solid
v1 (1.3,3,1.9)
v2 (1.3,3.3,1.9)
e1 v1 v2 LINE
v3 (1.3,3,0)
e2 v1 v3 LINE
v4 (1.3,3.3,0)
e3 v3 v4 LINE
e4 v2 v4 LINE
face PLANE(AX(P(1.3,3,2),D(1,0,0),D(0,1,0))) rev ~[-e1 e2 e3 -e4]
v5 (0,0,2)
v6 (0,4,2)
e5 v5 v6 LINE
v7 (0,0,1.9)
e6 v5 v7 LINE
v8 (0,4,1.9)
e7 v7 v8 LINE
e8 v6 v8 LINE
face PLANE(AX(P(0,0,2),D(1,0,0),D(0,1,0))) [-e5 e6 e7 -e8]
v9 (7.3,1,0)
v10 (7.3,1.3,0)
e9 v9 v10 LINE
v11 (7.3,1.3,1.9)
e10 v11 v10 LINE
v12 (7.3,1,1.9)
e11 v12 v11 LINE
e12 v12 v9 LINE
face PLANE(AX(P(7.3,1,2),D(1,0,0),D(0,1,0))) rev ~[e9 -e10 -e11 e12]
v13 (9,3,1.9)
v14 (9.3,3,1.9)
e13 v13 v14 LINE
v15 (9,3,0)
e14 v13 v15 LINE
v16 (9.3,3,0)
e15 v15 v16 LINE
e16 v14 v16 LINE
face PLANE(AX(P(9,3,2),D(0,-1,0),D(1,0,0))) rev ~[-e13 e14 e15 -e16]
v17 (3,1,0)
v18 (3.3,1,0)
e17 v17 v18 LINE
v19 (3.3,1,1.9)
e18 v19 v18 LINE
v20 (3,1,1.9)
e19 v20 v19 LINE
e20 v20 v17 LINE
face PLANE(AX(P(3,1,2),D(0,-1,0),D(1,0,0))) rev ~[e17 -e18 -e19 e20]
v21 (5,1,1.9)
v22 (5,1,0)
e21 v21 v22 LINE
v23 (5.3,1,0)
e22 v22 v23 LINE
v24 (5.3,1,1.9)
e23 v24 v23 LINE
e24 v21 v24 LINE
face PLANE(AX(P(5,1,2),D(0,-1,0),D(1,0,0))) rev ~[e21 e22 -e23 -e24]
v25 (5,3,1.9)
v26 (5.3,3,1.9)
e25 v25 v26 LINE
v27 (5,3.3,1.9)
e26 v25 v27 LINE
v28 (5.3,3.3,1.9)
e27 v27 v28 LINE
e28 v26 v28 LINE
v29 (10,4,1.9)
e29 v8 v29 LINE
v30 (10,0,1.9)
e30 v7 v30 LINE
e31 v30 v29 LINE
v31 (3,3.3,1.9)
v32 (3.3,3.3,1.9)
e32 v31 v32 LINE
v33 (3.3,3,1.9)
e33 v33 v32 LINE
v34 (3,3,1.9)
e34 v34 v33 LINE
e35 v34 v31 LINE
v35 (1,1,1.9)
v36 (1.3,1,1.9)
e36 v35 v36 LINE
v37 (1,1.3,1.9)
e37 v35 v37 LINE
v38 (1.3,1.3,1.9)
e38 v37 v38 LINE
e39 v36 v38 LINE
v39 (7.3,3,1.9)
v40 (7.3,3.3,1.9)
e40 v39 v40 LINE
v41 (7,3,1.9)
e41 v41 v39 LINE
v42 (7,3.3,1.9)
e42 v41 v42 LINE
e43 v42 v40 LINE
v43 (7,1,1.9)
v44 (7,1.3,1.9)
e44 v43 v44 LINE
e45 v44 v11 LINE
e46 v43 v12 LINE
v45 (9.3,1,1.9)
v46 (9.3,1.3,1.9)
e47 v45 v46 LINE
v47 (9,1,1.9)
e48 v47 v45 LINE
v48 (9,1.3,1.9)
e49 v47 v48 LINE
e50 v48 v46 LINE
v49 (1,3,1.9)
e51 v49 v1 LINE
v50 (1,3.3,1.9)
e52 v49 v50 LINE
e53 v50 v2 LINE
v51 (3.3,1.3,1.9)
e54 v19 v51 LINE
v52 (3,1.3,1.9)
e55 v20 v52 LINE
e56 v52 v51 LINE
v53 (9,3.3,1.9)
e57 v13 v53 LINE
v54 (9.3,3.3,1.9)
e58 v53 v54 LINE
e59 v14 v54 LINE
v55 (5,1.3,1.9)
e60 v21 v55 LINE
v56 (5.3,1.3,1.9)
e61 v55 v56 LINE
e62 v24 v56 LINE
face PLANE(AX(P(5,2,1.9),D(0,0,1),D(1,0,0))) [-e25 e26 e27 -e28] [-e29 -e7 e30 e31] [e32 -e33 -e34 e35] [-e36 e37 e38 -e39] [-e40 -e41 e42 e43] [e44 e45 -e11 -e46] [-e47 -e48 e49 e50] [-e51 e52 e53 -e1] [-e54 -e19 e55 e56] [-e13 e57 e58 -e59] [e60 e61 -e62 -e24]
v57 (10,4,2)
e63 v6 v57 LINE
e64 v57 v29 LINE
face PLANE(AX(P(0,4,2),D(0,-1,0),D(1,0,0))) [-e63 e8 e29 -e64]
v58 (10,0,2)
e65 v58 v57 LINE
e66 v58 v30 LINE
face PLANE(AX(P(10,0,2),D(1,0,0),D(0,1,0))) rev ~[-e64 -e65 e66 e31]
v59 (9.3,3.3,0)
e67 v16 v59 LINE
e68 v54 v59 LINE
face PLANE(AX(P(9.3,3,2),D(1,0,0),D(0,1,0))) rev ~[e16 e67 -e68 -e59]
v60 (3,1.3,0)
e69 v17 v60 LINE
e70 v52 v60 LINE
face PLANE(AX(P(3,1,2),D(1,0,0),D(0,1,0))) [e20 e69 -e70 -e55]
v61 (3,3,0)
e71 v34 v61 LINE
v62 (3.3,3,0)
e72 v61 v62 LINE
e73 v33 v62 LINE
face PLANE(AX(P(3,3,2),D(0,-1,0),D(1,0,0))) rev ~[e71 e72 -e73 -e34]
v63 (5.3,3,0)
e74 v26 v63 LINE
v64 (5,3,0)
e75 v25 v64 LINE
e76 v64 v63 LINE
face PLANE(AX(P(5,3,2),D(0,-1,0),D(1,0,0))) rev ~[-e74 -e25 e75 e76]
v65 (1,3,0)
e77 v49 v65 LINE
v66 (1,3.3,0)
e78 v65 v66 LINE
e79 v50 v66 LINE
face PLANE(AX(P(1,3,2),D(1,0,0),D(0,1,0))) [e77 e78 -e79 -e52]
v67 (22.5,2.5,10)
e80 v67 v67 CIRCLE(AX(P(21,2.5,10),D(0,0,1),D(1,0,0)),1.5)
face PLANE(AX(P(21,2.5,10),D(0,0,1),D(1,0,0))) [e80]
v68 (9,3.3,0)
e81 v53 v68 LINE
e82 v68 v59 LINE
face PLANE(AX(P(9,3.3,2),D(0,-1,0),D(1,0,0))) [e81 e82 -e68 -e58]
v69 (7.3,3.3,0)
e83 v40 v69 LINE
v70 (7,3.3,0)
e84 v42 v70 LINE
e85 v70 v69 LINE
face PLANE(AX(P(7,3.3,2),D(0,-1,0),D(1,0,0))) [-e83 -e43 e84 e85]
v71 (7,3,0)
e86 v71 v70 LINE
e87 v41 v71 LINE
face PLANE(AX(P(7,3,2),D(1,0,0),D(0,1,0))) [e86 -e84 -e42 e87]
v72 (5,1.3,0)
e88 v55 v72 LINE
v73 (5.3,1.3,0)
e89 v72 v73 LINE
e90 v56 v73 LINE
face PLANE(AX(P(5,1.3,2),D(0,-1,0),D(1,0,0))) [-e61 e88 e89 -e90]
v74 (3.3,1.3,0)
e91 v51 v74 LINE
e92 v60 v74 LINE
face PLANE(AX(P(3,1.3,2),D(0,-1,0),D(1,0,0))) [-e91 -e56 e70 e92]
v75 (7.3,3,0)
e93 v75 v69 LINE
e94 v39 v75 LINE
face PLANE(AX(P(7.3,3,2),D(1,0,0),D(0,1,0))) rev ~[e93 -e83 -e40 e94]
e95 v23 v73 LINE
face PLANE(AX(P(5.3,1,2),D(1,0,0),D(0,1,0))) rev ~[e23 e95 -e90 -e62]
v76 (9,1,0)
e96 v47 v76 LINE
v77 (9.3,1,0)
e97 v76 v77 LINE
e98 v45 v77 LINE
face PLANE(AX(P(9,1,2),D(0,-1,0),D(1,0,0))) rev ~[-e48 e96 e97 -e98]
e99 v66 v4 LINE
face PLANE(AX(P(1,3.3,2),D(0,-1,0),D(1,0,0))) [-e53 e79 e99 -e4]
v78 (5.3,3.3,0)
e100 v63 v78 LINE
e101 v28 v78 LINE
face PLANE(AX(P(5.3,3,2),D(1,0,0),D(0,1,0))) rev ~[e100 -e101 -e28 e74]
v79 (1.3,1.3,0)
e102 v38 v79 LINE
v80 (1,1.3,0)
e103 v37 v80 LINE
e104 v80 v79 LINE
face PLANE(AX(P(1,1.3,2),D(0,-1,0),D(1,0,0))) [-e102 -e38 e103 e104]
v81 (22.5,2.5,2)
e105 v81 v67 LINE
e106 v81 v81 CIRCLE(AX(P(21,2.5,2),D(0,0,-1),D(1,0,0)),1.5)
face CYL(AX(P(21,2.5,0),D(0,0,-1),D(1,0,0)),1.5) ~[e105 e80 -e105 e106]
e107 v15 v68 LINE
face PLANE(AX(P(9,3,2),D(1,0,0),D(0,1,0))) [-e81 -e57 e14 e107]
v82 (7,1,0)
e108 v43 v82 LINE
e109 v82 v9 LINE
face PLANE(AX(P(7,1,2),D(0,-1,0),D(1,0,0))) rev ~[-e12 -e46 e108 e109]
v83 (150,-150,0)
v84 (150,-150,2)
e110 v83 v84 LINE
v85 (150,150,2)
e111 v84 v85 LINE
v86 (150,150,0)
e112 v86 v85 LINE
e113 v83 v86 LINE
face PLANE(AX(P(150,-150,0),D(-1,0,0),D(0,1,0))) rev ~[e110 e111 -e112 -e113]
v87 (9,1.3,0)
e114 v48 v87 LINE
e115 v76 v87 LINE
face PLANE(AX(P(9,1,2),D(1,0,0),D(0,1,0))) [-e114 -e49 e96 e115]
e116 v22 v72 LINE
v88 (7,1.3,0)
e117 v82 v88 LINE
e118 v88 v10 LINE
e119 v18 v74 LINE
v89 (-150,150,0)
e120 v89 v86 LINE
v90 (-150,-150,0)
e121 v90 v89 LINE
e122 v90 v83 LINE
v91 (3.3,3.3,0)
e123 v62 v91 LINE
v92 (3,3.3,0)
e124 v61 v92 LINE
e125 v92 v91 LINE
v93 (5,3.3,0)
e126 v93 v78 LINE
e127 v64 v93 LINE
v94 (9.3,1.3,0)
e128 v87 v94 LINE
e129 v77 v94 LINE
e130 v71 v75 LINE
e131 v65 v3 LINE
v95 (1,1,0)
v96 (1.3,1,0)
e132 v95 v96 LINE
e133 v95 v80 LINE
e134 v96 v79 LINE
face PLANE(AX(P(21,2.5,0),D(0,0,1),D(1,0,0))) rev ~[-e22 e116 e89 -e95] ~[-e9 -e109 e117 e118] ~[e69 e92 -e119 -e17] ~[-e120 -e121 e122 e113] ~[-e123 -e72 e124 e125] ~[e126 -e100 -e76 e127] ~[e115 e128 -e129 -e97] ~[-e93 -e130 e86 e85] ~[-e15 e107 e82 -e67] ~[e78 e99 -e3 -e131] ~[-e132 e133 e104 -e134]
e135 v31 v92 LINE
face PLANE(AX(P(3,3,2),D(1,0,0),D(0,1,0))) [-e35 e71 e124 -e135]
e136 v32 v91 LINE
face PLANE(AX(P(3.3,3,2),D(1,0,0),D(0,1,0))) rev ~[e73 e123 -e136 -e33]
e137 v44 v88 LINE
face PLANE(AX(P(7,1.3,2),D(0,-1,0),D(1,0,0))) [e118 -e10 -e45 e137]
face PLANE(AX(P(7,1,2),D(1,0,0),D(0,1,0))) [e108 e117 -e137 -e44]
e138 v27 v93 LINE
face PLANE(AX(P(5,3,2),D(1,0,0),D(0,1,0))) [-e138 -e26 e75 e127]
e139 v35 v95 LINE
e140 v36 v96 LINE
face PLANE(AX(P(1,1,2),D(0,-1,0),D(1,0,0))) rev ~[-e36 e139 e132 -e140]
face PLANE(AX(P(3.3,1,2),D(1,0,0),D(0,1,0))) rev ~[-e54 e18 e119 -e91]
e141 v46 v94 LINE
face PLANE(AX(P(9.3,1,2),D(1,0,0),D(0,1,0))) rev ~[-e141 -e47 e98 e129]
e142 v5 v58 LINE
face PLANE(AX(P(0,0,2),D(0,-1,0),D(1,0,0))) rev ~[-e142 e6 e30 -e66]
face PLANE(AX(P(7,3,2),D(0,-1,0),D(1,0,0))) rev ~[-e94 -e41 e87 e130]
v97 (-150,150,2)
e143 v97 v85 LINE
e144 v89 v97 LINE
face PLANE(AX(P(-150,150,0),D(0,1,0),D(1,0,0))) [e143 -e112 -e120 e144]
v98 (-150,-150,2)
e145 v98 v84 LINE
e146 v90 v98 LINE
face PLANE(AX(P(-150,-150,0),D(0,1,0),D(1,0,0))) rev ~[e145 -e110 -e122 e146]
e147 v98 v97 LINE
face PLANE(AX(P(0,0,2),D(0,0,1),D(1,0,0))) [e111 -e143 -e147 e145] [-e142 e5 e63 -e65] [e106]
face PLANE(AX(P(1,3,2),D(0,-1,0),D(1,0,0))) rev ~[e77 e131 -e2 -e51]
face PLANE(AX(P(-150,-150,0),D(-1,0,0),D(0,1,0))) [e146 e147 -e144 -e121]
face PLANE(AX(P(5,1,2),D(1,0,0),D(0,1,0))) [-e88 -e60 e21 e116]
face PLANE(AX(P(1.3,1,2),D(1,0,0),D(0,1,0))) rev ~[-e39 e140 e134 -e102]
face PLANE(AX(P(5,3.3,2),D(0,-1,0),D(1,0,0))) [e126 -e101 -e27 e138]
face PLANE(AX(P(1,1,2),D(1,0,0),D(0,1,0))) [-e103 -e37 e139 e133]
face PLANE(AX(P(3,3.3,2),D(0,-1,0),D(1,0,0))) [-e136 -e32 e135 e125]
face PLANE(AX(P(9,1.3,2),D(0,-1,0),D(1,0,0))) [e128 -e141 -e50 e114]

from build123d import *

# Parameters (mm, degrees)
F0_W     = 300
F0_H     = 300
F1_DEPTH = 2
F2_W     = 10
F2_H     = 4
F3_DEPTH = 0.1
F4_W     = 0.3
F4_H     = 0.3
F5_DEPTH = 3
F6_R     = 1.5
F7_DEPTH = 10


with BuildPart() as f1:
    # F0 (on Top) → F1 (new body)
    with BuildSketch(Plane.XY):
        Rectangle(F0_W, F0_H)
    extrude(amount=F1_DEPTH)

    # F2 (on face) → F3 (cut)
    with BuildSketch(Plane.XY.offset(2)):
        with Locations((5, 2)):
            Rectangle(F2_W, F2_H)
    extrude(amount=-F3_DEPTH, mode=Mode.SUBTRACT)

    # F4 (on face) → F5 (cut)
    with BuildSketch(Plane.XY.offset(2)):
        with Locations((1.15, 3.15)):
            Rectangle(F4_W, F4_H)
        with Locations((1.15, 1.15)):
            Rectangle(F4_W, F4_H)
        with Locations((3.15, 3.15)):
            Rectangle(F4_W, F4_H)
        with Locations((3.15, 1.15)):
            Rectangle(F4_W, F4_H)
        with Locations((5.15, 3.15)):
            Rectangle(F4_W, F4_H)
        with Locations((5.15, 1.15)):
            Rectangle(F4_W, F4_H)
        with Locations((7.15, 3.15)):
            Rectangle(F4_W, F4_H)
        with Locations((7.15, 1.15)):
            Rectangle(F4_W, F4_H)
        with Locations((9.15, 3.15)):
            Rectangle(F4_W, F4_H)
        with Locations((9.15, 1.15)):
            Rectangle(F4_W, F4_H)
    extrude(amount=-F5_DEPTH, mode=Mode.SUBTRACT)

    # F6 (on Top) → F7 (join)
    with BuildSketch(Plane.XY):
        with Locations((21, 2.5)):
            Circle(F6_R)
    extrude(amount=F7_DEPTH)


solid = f1.part
